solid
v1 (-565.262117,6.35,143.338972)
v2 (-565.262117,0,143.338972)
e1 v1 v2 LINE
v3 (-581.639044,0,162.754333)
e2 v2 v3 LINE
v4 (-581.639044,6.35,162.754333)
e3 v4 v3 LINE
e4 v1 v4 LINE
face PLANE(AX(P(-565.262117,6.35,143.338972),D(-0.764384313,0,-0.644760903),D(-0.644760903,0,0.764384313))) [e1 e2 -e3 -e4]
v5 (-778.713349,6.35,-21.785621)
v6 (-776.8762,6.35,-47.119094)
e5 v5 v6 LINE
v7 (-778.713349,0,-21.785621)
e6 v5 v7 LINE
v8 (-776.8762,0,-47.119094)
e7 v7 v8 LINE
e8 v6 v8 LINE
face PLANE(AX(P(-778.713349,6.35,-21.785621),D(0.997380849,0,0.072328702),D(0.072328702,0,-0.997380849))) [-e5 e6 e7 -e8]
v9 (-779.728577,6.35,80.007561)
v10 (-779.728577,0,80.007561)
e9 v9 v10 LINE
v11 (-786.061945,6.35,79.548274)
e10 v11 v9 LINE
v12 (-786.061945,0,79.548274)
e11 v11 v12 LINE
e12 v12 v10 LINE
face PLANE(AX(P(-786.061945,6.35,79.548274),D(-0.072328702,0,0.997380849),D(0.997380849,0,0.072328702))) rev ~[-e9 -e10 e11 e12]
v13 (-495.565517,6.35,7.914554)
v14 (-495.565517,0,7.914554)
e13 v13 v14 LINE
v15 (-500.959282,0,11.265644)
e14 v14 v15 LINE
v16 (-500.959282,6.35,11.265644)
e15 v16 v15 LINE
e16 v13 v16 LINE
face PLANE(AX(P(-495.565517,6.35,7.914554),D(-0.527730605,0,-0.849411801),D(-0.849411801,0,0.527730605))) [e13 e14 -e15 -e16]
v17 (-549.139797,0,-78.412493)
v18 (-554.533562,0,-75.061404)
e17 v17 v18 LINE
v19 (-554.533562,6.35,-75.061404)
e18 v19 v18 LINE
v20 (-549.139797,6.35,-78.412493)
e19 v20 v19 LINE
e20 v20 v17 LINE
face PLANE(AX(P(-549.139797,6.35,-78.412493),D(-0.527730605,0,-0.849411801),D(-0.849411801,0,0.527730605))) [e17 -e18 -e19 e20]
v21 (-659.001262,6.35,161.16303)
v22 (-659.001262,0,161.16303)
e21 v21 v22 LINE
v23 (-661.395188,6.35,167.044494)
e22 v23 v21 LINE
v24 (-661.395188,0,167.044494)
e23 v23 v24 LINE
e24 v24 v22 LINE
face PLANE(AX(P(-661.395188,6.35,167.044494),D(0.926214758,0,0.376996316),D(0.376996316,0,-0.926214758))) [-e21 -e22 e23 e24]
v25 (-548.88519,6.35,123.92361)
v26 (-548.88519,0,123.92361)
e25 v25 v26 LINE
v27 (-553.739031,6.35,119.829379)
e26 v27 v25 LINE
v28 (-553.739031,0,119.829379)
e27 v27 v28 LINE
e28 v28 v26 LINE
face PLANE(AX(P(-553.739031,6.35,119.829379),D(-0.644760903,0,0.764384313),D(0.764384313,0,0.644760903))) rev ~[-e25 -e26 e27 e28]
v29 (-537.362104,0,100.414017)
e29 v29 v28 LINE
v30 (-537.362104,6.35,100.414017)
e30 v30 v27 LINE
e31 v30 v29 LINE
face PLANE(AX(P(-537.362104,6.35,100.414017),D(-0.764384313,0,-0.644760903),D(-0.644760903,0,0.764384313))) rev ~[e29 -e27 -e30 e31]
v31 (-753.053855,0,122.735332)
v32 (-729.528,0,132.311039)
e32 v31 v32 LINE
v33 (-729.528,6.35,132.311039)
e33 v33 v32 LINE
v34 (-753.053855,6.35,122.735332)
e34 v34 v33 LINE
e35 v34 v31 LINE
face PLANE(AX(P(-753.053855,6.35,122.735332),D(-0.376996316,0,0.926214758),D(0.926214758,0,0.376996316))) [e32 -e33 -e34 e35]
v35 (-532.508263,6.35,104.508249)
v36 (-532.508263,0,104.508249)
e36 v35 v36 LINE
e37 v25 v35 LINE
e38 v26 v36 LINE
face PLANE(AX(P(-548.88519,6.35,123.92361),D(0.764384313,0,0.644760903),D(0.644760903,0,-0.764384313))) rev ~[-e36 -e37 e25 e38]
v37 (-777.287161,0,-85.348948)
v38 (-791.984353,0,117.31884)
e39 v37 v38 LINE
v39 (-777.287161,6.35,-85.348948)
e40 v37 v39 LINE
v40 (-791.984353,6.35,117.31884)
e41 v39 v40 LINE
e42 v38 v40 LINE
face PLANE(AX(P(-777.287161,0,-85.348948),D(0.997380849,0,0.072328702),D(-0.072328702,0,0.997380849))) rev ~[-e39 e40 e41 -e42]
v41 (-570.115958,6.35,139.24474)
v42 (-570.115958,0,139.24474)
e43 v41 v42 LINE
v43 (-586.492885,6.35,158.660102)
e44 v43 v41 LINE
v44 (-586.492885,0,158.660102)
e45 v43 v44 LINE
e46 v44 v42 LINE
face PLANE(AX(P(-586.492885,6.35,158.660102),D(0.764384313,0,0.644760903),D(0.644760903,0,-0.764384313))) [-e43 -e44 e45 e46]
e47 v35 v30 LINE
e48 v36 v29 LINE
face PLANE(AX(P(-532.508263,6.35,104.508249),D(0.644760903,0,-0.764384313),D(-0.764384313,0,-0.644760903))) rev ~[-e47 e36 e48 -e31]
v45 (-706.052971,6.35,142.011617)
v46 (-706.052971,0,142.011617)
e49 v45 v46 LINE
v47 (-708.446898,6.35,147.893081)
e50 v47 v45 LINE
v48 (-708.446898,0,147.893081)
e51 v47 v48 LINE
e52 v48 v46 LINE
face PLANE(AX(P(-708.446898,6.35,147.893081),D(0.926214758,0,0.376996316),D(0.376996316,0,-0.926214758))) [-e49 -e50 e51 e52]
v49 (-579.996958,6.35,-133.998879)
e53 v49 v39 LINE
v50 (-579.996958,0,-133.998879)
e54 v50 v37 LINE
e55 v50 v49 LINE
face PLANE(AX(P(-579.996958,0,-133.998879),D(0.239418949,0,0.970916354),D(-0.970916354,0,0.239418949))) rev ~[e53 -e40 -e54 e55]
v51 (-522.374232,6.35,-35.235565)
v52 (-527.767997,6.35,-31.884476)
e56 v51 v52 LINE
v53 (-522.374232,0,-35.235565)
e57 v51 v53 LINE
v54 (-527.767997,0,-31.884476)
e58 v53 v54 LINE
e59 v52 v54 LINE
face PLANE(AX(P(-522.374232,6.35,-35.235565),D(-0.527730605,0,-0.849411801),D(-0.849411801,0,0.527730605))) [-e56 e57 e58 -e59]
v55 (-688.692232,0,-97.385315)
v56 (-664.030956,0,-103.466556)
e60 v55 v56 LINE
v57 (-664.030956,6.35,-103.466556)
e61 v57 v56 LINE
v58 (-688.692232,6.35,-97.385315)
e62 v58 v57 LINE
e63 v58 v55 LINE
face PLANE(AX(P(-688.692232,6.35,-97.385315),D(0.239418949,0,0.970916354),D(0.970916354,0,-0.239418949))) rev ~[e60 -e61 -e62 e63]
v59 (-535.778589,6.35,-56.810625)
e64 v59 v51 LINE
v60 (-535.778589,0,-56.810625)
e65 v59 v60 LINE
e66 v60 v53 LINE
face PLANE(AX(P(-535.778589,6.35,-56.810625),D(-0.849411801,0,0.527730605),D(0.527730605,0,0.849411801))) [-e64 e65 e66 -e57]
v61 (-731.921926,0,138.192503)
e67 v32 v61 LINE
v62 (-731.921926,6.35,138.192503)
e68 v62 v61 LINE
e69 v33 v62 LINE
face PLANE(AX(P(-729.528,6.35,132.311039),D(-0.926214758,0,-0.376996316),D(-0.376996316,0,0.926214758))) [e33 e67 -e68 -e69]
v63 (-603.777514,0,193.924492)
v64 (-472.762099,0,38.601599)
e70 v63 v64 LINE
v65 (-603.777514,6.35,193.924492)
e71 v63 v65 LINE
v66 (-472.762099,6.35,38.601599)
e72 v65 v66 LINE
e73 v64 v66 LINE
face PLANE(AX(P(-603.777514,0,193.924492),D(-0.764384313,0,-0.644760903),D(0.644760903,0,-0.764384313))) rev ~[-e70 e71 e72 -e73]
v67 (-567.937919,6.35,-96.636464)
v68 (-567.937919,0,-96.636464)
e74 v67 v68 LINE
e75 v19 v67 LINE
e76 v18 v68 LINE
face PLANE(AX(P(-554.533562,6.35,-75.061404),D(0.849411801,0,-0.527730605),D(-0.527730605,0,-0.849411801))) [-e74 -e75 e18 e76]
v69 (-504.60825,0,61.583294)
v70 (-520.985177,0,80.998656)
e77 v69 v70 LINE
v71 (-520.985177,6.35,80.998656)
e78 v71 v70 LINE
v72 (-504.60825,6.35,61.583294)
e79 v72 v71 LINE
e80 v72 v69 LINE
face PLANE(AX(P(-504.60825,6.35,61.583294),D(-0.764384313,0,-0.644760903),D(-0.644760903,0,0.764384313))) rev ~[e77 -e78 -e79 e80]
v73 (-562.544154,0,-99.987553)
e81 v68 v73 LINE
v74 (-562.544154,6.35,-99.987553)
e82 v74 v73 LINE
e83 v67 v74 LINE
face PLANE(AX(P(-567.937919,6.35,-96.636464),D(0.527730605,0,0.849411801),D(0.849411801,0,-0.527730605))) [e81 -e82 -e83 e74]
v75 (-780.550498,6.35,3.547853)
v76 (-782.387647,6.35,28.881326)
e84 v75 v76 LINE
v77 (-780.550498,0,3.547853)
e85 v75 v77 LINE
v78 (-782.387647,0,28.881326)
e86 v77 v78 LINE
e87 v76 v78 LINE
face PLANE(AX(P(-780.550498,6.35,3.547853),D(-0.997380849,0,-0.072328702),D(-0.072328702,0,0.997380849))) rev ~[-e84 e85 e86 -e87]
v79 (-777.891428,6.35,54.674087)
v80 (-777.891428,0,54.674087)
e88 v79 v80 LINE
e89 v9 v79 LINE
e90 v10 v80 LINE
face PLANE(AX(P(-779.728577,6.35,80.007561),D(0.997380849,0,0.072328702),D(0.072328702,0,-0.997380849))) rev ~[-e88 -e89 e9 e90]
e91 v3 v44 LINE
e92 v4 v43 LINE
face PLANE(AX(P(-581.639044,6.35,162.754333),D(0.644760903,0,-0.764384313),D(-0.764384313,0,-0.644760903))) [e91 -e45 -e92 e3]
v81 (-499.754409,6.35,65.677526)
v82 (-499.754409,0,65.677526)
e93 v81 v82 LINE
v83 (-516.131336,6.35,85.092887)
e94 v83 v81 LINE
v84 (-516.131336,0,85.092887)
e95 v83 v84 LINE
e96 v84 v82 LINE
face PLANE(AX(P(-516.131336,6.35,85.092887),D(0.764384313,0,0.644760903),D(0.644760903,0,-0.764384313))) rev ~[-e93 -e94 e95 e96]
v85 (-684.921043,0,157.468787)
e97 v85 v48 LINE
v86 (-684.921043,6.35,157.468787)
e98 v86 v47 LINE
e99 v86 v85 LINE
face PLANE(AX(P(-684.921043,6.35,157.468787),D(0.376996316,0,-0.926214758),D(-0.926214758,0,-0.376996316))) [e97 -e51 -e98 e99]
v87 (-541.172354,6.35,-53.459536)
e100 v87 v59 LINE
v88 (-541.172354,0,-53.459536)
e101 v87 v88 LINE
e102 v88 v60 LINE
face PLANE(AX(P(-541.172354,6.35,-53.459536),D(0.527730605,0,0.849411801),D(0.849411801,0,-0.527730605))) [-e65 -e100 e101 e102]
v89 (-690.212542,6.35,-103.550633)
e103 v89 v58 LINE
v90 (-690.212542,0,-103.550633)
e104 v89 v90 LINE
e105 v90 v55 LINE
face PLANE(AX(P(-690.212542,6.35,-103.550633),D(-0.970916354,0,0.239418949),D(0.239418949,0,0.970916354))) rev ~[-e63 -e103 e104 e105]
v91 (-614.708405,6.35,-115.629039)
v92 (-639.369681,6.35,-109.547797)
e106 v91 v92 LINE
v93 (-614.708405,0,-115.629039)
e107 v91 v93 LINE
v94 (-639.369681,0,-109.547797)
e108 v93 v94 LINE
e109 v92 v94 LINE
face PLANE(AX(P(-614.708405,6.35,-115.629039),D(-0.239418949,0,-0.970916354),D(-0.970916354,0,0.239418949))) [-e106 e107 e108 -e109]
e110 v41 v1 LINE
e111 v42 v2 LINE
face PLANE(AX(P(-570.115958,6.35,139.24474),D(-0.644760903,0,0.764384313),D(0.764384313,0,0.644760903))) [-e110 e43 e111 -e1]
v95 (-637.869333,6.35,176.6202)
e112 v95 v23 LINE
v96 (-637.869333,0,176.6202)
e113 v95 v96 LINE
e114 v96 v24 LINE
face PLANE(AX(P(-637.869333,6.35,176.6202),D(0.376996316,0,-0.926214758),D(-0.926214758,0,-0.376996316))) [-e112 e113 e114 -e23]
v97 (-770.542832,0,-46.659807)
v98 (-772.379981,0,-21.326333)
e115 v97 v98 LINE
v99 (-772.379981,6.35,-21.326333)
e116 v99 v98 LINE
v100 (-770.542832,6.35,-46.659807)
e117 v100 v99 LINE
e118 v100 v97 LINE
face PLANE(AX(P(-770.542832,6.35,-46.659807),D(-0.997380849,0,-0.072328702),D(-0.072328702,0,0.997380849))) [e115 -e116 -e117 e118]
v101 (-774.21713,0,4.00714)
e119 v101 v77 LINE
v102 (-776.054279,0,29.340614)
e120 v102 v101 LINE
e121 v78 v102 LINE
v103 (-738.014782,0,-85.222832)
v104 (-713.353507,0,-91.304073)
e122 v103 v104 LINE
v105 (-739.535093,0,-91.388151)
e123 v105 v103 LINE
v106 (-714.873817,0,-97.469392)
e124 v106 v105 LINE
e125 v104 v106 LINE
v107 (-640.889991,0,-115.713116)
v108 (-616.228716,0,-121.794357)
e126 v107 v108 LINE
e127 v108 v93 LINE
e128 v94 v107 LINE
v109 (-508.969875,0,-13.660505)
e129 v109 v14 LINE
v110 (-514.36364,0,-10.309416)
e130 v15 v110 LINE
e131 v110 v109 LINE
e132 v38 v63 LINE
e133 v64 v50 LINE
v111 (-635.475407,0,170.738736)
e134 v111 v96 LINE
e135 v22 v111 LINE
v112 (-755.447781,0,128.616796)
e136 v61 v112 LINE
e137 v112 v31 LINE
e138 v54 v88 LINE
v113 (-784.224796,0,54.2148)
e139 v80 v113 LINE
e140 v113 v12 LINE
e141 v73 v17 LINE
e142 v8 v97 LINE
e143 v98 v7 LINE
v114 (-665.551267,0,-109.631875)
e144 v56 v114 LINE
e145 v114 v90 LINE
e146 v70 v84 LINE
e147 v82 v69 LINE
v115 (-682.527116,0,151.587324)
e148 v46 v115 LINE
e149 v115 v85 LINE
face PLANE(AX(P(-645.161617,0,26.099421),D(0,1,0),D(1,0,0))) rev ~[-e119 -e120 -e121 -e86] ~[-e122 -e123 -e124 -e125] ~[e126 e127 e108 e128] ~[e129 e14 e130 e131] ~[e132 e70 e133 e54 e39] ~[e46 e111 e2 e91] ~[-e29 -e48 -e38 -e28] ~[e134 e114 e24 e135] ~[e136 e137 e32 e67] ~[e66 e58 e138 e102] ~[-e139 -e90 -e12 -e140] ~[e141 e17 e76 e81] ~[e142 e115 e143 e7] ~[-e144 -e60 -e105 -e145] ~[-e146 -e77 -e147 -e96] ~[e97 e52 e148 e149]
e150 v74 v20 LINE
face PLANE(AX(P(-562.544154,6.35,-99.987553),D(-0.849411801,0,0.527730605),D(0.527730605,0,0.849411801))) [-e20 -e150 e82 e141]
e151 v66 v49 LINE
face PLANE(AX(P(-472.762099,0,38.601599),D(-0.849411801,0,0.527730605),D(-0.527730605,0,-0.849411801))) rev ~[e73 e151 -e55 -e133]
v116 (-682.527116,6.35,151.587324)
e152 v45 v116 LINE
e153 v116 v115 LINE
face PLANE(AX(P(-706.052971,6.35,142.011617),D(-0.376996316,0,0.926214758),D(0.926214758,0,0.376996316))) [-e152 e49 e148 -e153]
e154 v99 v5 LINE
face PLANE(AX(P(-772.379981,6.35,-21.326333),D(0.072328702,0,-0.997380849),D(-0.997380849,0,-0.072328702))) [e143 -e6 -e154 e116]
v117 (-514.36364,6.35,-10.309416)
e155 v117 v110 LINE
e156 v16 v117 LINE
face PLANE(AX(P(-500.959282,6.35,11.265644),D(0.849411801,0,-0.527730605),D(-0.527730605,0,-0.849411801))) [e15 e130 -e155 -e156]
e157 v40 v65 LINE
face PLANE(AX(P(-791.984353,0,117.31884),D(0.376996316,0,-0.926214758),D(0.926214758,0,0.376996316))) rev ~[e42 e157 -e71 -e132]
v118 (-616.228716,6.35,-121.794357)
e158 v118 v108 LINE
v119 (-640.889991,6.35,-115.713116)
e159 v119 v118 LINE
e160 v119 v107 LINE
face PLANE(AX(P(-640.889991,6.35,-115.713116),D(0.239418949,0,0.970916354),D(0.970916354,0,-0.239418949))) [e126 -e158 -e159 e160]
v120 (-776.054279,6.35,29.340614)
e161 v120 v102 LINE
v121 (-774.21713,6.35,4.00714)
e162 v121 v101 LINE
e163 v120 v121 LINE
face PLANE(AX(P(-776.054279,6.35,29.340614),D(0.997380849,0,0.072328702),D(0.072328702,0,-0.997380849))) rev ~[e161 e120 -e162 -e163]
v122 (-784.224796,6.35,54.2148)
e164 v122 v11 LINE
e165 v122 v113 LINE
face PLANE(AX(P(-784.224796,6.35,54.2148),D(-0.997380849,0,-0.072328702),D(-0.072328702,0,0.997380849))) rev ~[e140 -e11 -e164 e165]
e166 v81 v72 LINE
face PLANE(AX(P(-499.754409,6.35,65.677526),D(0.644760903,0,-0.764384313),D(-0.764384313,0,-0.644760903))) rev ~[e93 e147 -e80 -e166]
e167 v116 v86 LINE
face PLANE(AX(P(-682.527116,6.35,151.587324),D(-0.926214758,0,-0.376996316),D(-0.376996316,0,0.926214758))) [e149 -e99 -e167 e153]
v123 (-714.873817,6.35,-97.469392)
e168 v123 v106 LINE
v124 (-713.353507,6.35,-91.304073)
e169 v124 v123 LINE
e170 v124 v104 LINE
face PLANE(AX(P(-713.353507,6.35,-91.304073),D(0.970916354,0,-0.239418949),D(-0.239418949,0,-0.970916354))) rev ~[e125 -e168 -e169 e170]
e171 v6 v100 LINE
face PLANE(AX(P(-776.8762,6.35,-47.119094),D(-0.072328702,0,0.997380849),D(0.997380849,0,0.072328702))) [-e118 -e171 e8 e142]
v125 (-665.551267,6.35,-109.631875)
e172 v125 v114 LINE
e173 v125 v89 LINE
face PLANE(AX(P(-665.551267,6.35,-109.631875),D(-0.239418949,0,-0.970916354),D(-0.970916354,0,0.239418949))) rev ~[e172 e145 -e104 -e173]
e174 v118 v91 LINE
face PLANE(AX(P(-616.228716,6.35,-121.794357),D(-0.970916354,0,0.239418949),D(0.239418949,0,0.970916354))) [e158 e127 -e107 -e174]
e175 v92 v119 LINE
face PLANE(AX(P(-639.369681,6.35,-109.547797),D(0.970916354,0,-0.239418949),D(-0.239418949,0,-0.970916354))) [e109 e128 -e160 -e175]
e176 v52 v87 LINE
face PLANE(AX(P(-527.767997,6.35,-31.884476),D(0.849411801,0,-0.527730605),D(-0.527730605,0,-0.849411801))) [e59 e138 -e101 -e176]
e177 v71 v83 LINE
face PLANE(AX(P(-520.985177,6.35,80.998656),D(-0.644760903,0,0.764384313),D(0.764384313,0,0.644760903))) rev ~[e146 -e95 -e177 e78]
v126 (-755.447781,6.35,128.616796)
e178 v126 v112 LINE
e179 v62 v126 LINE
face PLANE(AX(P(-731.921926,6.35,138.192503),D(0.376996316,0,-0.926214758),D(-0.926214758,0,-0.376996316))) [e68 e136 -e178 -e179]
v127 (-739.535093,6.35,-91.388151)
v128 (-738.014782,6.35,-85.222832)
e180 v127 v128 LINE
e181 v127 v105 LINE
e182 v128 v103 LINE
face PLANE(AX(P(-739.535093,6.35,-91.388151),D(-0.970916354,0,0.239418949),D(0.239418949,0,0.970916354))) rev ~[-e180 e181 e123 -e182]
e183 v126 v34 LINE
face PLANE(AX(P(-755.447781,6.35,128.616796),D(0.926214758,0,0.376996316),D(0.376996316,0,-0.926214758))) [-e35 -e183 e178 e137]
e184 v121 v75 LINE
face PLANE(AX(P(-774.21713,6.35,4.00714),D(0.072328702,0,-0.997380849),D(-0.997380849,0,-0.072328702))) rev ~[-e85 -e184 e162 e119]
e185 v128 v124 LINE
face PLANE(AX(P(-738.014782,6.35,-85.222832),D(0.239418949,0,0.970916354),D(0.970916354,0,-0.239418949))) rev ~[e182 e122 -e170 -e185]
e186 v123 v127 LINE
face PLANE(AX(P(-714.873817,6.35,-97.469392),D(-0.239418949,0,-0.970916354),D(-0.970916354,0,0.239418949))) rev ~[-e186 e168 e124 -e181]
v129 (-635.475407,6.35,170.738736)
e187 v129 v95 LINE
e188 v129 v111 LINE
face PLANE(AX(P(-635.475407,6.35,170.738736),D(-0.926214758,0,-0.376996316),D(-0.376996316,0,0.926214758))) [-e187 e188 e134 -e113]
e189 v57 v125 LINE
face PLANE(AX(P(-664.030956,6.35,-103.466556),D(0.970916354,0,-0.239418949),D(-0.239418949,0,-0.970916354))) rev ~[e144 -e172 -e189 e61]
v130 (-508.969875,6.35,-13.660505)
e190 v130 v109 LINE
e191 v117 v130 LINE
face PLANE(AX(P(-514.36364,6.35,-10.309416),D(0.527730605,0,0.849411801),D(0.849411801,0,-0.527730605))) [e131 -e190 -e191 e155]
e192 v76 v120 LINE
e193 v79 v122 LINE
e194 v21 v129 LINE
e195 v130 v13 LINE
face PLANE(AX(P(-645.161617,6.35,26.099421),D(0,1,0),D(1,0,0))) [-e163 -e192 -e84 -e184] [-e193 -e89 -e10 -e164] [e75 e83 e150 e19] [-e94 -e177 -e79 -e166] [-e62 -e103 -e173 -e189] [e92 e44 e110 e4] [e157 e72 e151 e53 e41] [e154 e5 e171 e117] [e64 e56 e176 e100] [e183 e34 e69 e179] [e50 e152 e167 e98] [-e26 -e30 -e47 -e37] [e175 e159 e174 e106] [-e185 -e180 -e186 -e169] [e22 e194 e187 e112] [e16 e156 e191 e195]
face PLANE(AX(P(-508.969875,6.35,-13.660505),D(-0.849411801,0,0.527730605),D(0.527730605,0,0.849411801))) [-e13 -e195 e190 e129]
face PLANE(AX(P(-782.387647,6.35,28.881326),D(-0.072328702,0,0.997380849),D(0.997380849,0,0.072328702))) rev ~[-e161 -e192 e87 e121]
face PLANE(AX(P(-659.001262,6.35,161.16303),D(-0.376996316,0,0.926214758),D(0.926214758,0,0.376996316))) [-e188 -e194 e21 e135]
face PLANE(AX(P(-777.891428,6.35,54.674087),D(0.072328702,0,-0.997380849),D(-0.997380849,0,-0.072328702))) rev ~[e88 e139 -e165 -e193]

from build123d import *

# Parameters (mm, degrees)
BOSS_EXTRUDE1_DEPTH = 6.35
CUT_EXTRUDE1_DEPTH  = 7.35
CUT_EXTRUDE2_DEPTH  = 7.35
CUT_EXTRUDE3_DEPTH  = 7.35
CUT_EXTRUDE4_DEPTH  = 7.35
CUT_EXTRUDE5_DEPTH  = 7.35


with BuildPart() as part:
    # Sketch1 → Boss-Extrude1 (new body)
    with BuildSketch(Plane(origin=(0, 0, 0), x_dir=(1, 0, 0), z_dir=(0, 1, 0))):
        Polygon((-472.762098838, -38.601599313), (-579.996957803, 133.998878735), (-777.287160977, 85.348948297), (-791.984353221, -117.318840313), (-603.777514393, -193.924491661), align=None)
    extrude(amount=BOSS_EXTRUDE1_DEPTH)

    # Sketch2 → Cut-Extrude1 (cut, through all)
    with BuildSketch(Plane(origin=(0, 6.35, 0), x_dir=(1, 0, 0), z_dir=(0, 1, 0))):
        Polygon((-659.001261619, -161.163030045), (-635.475406766, -170.738736463), (-637.86933337, -176.620200176), (-661.395188224, -167.044493758), align=None)
        Polygon((-706.052971326, -142.011617208), (-682.527116473, -151.587323626), (-684.921043077, -157.46878734), (-708.446897931, -147.893080921), align=None)
        Polygon((-753.053854552, -122.735332494), (-729.527999698, -132.311038913), (-731.921926303, -138.192502626), (-755.447781156, -128.616796208), align=None)
    extrude(amount=-CUT_EXTRUDE1_DEPTH, mode=Mode.SUBTRACT)

    # Sketch4 → Cut-Extrude2 (cut, through all)
    with BuildSketch(Plane(origin=(0, 6.35, 0), x_dir=(1, 0, 0), z_dir=(0, 1, 0))):
        Polygon((-570.115957611, -139.244740198), (-565.262117225, -143.338971934), (-581.639044169, -162.754333478), (-586.492884555, -158.660101741), align=None)
        Polygon((-520.985176778, -80.998655568), (-516.131336392, -85.092887304), (-499.754409447, -65.677525761), (-504.608249833, -61.583294024), align=None)
        Polygon((-548.88519028, -123.923610391), (-532.508263336, -104.508248847), (-537.362103722, -100.414017111), (-553.739030666, -119.829378655), align=None)
    extrude(amount=-CUT_EXTRUDE2_DEPTH, mode=Mode.SUBTRACT)

    # Sketch5 → Cut-Extrude3 (cut, through all)
    with BuildSketch(Plane(origin=(0, 6.35, 0), x_dir=(1, 0, 0), z_dir=(0, 1, 0))):
        Polygon((-777.891428053, -54.674087259), (-784.224796447, -54.214800001), (-786.061945478, -79.548273578), (-779.728577084, -80.007560835), align=None)
        Polygon((-774.217129992, -4.007140106), (-780.550498387, -3.547852849), (-782.387647417, -28.881326425), (-776.054279023, -29.340613683), align=None)
        Polygon((-776.876200326, 47.119094304), (-770.542831932, 46.659807046), (-772.379980962, 21.32633347), (-778.713349356, 21.785620727), align=None)
    extrude(amount=-CUT_EXTRUDE3_DEPTH, mode=Mode.SUBTRACT)

    # Sketch6 → Cut-Extrude4 (cut, through all)
    with BuildSketch(Plane(origin=(0, 6.35, 0), x_dir=(1, 0, 0), z_dir=(0, 1, 0))):
        Polygon((-508.969874734, 13.660505405), (-495.565517364, -7.914554351), (-500.959282303, -11.265643693), (-514.363639673, 10.309416063), align=None)
        Polygon((-522.374232105, 35.235565162), (-527.767997044, 31.884475819), (-541.172354415, 53.459535575), (-535.778589476, 56.810624918), align=None)
        Polygon((-549.139796727, 78.412493389), (-554.533561666, 75.061404046), (-567.937919036, 96.636463802), (-562.544154097, 99.987553145), align=None)
    extrude(amount=-CUT_EXTRUDE4_DEPTH, mode=Mode.SUBTRACT)

    # Sketch7 → Cut-Extrude5 (cut, through all)
    with BuildSketch(Plane(origin=(0, 6.35, 0), x_dir=(1, 0, 0), z_dir=(0, 1, 0))):
        Polygon((-614.708405409, 115.629038504), (-639.369680806, 109.5477972), (-640.889991132, 115.713116049), (-616.228715735, 121.794357354), align=None)
        Polygon((-665.551266529, 109.631874744), (-690.212541925, 103.550633439), (-688.692231599, 97.38531459), (-664.030956203, 103.466555895), align=None)
        Polygon((-714.873817322, 97.469392134), (-739.535092719, 91.38815083), (-738.014782393, 85.22283198), (-713.353506996, 91.304073285), align=None)
    extrude(amount=-CUT_EXTRUDE5_DEPTH, mode=Mode.SUBTRACT)


solid = part.part
